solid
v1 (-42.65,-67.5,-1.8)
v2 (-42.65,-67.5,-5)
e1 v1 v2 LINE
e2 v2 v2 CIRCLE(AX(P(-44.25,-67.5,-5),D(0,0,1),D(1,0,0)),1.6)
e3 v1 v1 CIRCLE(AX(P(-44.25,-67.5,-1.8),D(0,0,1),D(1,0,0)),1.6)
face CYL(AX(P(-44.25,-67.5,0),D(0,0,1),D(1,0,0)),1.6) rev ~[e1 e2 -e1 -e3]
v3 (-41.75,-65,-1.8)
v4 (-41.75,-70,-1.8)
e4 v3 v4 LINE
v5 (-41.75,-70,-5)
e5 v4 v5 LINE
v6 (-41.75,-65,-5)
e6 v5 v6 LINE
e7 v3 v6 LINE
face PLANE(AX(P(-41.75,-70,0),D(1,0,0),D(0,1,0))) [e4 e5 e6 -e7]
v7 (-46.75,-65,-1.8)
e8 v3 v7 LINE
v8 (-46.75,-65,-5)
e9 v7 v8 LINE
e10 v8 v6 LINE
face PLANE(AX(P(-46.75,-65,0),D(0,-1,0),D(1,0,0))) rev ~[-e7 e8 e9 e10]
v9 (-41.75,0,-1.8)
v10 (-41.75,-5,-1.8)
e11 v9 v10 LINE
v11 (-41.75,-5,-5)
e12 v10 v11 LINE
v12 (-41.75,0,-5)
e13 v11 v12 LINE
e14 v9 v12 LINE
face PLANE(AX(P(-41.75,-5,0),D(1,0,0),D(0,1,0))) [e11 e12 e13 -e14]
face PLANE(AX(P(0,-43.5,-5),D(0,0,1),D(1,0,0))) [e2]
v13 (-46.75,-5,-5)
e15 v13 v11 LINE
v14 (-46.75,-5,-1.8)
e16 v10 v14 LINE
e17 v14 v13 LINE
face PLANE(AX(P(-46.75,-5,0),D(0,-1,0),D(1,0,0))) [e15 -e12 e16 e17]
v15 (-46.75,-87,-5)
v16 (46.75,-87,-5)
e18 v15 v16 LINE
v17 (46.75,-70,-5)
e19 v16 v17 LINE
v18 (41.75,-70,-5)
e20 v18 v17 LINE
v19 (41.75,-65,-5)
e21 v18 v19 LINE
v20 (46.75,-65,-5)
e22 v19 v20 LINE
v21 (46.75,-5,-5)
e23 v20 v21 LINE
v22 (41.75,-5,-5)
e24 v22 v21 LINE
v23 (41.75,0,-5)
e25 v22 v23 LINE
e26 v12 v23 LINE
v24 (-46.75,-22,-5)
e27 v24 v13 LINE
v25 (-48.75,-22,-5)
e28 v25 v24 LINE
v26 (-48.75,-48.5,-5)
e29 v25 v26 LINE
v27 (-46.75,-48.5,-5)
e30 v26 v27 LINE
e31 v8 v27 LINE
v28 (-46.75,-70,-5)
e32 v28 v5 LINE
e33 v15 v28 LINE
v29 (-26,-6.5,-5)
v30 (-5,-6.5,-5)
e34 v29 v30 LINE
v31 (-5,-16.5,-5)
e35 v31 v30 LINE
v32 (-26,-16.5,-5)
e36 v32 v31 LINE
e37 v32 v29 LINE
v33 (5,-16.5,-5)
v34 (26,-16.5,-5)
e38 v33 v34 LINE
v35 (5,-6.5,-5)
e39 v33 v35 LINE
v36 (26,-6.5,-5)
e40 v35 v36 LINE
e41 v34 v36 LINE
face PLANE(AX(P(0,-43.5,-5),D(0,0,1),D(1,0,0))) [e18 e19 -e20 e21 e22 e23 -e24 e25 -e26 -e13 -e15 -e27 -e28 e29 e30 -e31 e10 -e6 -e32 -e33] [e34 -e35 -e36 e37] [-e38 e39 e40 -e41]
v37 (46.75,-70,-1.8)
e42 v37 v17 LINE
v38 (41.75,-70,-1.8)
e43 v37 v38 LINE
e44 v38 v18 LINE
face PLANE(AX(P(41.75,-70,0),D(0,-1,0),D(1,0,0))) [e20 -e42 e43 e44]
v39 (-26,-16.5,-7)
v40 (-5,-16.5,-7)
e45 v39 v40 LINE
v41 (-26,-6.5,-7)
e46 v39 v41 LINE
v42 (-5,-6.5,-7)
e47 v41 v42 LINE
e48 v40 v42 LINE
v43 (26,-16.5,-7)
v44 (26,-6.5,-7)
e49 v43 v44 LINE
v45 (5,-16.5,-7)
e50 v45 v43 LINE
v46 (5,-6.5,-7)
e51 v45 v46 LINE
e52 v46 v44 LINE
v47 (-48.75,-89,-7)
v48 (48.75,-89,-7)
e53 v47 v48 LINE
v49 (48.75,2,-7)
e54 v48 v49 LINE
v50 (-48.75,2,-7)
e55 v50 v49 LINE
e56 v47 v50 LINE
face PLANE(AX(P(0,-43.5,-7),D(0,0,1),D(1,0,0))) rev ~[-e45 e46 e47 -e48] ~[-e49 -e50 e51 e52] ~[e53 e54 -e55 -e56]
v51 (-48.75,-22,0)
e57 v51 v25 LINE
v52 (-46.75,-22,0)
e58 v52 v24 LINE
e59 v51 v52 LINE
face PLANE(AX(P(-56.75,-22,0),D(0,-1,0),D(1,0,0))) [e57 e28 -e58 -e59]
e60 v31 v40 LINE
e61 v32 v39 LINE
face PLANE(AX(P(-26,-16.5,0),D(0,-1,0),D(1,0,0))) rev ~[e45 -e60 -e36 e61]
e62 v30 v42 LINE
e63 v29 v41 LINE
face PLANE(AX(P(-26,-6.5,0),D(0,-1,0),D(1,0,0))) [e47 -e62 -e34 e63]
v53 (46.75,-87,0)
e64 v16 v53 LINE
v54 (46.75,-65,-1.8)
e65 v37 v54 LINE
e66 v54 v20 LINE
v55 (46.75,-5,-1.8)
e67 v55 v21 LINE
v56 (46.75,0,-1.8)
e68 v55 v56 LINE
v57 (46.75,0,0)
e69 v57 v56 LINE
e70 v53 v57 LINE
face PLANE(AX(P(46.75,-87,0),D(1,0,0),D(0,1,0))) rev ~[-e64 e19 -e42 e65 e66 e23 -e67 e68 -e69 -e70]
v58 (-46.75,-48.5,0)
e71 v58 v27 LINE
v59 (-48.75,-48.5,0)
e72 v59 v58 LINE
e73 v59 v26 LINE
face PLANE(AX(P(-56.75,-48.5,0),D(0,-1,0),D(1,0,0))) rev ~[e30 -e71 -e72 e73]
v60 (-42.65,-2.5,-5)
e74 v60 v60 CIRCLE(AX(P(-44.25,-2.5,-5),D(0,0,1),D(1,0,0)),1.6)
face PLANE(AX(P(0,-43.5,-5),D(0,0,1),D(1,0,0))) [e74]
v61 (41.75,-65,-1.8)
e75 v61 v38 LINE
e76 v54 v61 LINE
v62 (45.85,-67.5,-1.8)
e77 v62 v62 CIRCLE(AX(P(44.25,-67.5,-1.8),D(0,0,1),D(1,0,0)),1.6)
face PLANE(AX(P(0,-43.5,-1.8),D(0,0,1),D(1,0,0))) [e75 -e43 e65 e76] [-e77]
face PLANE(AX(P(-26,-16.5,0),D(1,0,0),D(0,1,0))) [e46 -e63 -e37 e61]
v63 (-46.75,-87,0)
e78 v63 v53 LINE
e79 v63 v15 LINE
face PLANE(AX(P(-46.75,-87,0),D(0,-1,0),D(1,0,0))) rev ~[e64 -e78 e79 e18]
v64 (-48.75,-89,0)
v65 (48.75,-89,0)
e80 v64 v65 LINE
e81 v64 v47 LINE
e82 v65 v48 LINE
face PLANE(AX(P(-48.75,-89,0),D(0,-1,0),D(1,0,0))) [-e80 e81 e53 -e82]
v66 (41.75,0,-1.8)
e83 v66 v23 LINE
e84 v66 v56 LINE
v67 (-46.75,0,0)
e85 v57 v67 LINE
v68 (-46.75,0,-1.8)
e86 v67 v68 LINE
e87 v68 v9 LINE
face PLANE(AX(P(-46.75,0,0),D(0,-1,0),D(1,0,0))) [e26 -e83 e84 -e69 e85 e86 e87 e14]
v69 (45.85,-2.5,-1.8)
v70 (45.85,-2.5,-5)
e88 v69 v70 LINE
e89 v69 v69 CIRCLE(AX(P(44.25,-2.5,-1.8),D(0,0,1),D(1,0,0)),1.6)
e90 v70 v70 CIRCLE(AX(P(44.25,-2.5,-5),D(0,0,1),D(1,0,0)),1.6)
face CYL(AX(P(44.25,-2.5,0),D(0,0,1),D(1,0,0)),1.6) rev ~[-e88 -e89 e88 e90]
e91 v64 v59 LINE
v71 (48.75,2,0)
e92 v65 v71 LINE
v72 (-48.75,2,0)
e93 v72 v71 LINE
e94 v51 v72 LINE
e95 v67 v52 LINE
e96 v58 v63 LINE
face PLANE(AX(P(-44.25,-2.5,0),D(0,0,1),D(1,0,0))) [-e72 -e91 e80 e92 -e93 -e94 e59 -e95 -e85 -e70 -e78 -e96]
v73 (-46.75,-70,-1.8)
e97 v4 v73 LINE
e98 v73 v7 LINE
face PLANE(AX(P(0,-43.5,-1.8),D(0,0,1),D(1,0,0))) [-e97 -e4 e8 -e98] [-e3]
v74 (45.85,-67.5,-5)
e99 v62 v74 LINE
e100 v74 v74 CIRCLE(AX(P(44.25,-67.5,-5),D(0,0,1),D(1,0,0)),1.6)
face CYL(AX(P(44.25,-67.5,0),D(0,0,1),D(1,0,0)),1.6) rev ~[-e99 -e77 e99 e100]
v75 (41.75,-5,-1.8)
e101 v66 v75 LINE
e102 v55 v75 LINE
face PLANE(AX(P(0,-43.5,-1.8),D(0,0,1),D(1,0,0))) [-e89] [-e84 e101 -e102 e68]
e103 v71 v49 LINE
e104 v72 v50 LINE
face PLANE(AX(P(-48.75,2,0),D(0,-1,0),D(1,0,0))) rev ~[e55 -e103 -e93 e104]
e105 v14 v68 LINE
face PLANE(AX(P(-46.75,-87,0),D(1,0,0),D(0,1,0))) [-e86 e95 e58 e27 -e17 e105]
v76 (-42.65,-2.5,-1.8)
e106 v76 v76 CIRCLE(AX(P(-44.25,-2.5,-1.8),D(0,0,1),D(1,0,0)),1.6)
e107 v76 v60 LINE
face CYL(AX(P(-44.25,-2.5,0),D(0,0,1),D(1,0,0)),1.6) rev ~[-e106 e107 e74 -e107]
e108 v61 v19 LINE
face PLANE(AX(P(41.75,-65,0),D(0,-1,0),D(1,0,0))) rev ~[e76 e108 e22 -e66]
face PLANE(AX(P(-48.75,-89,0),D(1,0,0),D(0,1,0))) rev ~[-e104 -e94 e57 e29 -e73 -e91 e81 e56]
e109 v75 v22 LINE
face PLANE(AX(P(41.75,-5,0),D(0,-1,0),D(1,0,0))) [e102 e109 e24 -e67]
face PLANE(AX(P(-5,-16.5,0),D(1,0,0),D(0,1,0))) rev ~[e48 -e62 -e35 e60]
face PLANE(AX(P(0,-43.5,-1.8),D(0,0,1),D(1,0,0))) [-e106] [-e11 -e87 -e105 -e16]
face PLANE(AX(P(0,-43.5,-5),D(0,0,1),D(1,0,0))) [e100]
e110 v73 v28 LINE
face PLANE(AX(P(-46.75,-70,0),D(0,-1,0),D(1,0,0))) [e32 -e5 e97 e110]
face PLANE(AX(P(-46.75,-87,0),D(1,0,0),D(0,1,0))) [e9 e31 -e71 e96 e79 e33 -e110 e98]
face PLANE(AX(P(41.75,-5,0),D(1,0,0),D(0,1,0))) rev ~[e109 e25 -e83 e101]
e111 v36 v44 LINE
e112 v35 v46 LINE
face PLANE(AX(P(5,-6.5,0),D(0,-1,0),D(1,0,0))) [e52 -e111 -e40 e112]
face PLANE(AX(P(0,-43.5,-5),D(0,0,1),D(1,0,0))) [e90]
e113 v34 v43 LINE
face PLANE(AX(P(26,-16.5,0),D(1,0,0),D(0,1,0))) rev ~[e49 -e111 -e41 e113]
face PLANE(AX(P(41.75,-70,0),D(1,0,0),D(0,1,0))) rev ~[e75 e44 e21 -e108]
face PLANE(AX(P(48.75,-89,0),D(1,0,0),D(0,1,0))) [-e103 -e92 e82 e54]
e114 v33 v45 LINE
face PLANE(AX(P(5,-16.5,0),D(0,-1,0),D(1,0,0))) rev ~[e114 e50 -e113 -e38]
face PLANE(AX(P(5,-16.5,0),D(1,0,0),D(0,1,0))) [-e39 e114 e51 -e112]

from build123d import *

# Parameters (mm, degrees)
SKETCH001_W     = 97.5
SKETCH001_H     = 91
PAD_DEPTH       = 7
SKETCH_W        = 93.5
SKETCH_H        = 87
POCKET_DEPTH    = 5
SKETCH002_W     = 5
SKETCH002_H     = 5
SKETCH002_R     = 1.6
PAD001_DEPTH    = 5
POCKET001_DEPTH = 1.8
SKETCH003_W     = 10
SKETCH003_H     = 26.5
POCKET002_DEPTH = 5
SKETCH004_W     = 21
SKETCH004_H     = 10
POCKET003_DEPTH = 7.001


with BuildPart() as part:
    # Sketch001 → Pad (new body)
    with BuildSketch(Plane.XY):
        with Locations((0, -43.5)):
            Rectangle(SKETCH001_W, SKETCH001_H)
    extrude(amount=-PAD_DEPTH)

    # Sketch → Pocket (cut)
    with BuildSketch(Plane.XY):
        with Locations((0, -43.5)):
            Rectangle(SKETCH_W, SKETCH_H)
    extrude(amount=-POCKET_DEPTH, mode=Mode.SUBTRACT)

    # Sketch002 → Pad001 (join)
    with BuildSketch(Plane.XY):
        with Locations((-44.25, -2.5)):
            Rectangle(SKETCH002_W, SKETCH002_H)
        with Locations((-44.25, -2.5)):
            Circle(SKETCH002_R, mode=Mode.SUBTRACT)
        with Locations((-44.25, -67.5)):
            Rectangle(SKETCH002_W, SKETCH002_H)
        with Locations((-44.25, -67.5)):
            Circle(SKETCH002_R, mode=Mode.SUBTRACT)
        with Locations((44.25, -67.5)):
            Rectangle(SKETCH002_W, SKETCH002_H)
        with Locations((44.25, -67.5)):
            Circle(SKETCH002_R, mode=Mode.SUBTRACT)
        with Locations((44.25, -2.5)):
            Rectangle(SKETCH002_W, SKETCH002_H)
        with Locations((44.25, -2.5)):
            Circle(SKETCH002_R, mode=Mode.SUBTRACT)
    extrude(amount=-PAD001_DEPTH)

    # Sketch → Pocket001 (cut)
    with BuildSketch(Plane.XY):
        with Locations((0, -43.5)):
            Rectangle(SKETCH_W, SKETCH_H)
    extrude(amount=-POCKET001_DEPTH, mode=Mode.SUBTRACT)

    # Sketch003 → Pocket002 (cut)
    with BuildSketch(Plane.XY):
        with Locations((-51.75, -35.25)):
            Rectangle(SKETCH003_W, SKETCH003_H)
    extrude(amount=-POCKET002_DEPTH, mode=Mode.SUBTRACT)

    # Sketch004 → Pocket003 (cut, through all)
    with BuildSketch(Plane.XY):
        with Locations((-15.5, -11.5)):
            Rectangle(SKETCH004_W, SKETCH004_H)
        with Locations((15.5, -11.5)):
            Rectangle(SKETCH004_W, SKETCH004_H)
    extrude(amount=-POCKET003_DEPTH, mode=Mode.SUBTRACT)


solid = part.part
